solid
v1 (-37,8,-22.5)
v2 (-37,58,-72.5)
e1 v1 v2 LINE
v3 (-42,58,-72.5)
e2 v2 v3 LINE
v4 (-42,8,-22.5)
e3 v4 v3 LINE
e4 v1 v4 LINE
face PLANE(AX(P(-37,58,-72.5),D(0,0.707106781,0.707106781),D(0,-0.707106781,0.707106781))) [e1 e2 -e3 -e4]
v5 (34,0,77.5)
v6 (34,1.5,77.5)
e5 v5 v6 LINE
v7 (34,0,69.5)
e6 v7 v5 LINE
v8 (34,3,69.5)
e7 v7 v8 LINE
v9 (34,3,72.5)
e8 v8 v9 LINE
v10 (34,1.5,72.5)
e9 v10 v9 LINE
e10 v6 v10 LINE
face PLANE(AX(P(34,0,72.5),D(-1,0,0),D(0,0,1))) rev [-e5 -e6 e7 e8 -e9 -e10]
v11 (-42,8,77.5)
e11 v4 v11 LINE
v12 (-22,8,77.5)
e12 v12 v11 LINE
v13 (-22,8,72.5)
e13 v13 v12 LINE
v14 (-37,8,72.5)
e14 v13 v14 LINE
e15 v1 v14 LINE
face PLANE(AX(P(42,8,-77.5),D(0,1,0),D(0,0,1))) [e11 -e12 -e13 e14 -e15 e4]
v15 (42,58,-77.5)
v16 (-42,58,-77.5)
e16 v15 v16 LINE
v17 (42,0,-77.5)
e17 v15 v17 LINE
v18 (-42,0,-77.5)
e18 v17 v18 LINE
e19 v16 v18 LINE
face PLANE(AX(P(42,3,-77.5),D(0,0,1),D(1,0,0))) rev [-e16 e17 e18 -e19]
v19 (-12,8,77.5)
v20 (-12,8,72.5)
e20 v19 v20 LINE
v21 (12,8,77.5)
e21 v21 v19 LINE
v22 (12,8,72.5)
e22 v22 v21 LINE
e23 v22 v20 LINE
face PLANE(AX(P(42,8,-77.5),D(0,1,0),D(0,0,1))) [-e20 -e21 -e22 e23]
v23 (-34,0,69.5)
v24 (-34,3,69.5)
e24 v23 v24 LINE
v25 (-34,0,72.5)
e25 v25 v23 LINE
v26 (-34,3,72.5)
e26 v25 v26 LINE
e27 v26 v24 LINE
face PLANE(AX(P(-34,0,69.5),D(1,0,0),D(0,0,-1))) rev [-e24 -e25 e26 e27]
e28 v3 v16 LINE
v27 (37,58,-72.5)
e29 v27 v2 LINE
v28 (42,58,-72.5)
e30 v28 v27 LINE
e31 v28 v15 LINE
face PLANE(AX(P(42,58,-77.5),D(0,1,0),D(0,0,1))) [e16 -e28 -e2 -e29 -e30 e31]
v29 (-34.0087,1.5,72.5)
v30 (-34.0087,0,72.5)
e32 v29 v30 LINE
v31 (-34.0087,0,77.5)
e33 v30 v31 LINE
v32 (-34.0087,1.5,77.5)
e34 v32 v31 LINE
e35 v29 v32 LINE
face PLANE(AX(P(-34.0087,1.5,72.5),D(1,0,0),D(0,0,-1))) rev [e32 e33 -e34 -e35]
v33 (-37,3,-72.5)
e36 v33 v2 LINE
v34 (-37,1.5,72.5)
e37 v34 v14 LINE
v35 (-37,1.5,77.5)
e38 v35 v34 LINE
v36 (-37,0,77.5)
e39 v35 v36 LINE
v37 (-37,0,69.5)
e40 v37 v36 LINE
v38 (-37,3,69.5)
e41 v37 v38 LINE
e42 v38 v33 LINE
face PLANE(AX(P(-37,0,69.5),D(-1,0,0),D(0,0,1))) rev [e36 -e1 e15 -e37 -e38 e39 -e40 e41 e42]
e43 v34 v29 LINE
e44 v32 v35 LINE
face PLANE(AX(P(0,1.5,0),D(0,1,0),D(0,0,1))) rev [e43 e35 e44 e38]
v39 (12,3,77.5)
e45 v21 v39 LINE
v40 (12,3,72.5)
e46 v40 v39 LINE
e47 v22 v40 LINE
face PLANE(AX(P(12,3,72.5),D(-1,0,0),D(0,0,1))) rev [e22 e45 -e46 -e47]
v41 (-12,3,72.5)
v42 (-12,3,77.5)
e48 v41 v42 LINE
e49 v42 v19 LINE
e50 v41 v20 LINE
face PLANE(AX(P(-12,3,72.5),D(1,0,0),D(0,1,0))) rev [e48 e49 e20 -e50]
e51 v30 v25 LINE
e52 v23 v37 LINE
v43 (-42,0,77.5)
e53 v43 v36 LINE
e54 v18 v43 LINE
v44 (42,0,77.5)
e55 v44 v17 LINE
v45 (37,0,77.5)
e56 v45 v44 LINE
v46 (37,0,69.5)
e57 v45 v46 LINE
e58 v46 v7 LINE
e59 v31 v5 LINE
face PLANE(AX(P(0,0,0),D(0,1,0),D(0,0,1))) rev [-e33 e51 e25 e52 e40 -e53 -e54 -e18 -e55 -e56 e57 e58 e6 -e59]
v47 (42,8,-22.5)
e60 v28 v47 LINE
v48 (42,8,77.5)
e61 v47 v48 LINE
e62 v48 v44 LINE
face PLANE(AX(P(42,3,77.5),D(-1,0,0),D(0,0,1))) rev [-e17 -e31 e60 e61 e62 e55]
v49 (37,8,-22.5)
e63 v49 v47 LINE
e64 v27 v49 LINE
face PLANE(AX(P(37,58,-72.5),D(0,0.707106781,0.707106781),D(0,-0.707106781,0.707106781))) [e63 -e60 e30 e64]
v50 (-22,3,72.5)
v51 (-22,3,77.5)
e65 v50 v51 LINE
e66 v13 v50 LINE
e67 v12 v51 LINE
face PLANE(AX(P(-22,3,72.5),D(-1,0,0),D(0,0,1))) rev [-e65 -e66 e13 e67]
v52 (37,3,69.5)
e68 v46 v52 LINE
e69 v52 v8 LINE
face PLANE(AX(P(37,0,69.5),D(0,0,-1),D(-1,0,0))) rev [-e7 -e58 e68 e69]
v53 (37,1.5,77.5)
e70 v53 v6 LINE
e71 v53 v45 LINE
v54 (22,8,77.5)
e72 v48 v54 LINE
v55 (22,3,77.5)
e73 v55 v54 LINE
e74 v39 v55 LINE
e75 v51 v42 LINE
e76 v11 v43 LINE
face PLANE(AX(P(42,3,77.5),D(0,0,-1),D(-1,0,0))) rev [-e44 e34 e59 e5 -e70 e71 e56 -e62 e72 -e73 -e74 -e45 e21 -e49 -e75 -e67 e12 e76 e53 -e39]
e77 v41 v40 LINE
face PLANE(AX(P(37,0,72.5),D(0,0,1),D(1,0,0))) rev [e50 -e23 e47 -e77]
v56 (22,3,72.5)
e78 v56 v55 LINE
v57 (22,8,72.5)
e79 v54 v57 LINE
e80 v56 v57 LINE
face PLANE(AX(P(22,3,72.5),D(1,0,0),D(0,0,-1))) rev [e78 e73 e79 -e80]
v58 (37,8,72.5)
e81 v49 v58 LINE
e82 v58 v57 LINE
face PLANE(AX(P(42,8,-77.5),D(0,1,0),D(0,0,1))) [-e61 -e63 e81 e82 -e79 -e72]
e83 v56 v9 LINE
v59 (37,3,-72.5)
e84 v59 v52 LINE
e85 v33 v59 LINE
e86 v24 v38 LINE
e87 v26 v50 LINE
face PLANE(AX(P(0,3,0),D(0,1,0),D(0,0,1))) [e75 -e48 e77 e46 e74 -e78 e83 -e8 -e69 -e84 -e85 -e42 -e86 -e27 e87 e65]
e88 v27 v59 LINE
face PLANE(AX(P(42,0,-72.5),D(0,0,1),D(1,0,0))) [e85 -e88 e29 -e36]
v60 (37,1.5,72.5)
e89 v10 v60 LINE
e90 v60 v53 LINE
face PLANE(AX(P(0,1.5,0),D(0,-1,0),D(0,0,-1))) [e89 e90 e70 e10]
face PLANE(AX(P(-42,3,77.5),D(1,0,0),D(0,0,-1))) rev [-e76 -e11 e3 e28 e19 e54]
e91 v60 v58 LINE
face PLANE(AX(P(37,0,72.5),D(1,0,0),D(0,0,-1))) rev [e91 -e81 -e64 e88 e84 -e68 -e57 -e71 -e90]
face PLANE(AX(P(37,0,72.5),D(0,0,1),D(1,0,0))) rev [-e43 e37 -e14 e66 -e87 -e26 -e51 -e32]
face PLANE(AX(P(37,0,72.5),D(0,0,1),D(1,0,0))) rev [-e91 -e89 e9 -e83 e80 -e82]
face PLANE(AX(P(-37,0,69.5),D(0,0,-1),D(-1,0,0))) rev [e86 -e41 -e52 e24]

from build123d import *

# Parameters (mm, degrees)
SKETCH1_W           = 84
SKETCH1_H           = 155
BOSS_EXTRUDE1_DEPTH = 3
SKETCH2_W           = 3
SKETCH2_H           = 3
CUT_EXTRUDE1_DEPTH  = 3
SKETCH3_W           = 5
SKETCH3_H           = 8
BOSS_EXTRUDE2_DEPTH = 155
SKETCH4_W           = 5
SKETCH4_H           = 8
BOSS_EXTRUDE3_DEPTH = 155
SKETCH5_W           = 5
SKETCH5_H           = 58
BOSS_EXTRUDE4_DEPTH = 84
BOSS_EXTRUDE5_DEPTH = 5
BOSS_EXTRUDE6_DEPTH = 5
SKETCH8_W           = 84
SKETCH8_H           = 8
BOSS_EXTRUDE8_DEPTH = 5
SKETCH10_W          = 10
SKETCH10_H          = 7.49718506
CUT_EXTRUDE2_DEPTH  = 5
SKETCH11_W          = 10
SKETCH11_H          = 10.666578164
CUT_EXTRUDE3_DEPTH  = 5
SKETCH12_W          = 2.991300293
SKETCH12_H          = 5
CUT_EXTRUDE4_DEPTH  = 1.5
CUT_EXTRUDE5_DEPTH  = 1.5


with BuildPart() as part:
    # Sketch1 → Boss-Extrude1 (new body)
    with BuildSketch(Plane(origin=(0, 0, 0), x_dir=(1, 0, 0), z_dir=(0, 1, 0))):
        Rectangle(SKETCH1_W, SKETCH1_H)
    extrude(amount=BOSS_EXTRUDE1_DEPTH)

    # Sketch2 → Cut-Extrude1 (cut)
    with BuildSketch(Plane(origin=(0, 3, 0), x_dir=(1, 0, 0), z_dir=(0, 1, 0))):
        with Locations((35.5, -71)):
            Rectangle(SKETCH2_W, SKETCH2_H)
        with Locations((-35.5, -71)):
            Rectangle(SKETCH2_W, SKETCH2_H)
    extrude(amount=-CUT_EXTRUDE1_DEPTH, mode=Mode.SUBTRACT)

    # Sketch3 → Boss-Extrude2 (add)
    with BuildSketch(Plane.XY.offset(77.5)):
        with Locations((39.5, 4)):
            Rectangle(SKETCH3_W, SKETCH3_H)
    extrude(amount=-BOSS_EXTRUDE2_DEPTH)

    # Sketch4 → Boss-Extrude3 (add)
    with BuildSketch(Plane.XY.offset(77.5)):
        with Locations((-39.5, 4)):
            Rectangle(SKETCH4_W, SKETCH4_H)
    extrude(amount=-BOSS_EXTRUDE3_DEPTH)

    # Sketch5 → Boss-Extrude4 (add)
    with BuildSketch(Plane.ZY.offset(42)):
        with Locations((-75, 29)):
            Rectangle(SKETCH5_W, SKETCH5_H)
    extrude(amount=-BOSS_EXTRUDE4_DEPTH)

    # Sketch6 → Boss-Extrude5 (add)
    with BuildSketch(Plane.ZY.offset(42)):
        Polygon((-72.5, 58), (-22.5, 8), (-74.300026141, 4.41684906), (-74.300026141, 56.199973859), align=None)
    extrude(amount=-BOSS_EXTRUDE5_DEPTH)

    # Sketch7 → Boss-Extrude6 (add)
    with BuildSketch(Plane(origin=(42, 0, 0), x_dir=(0, 0, -1), z_dir=(1, 0, 0))):
        Polygon((72.5, 58), (19.108860597, 4.608860597), (75.247556584, 4.608860597), (75.247556584, 53.916409465), align=None)
    extrude(amount=-BOSS_EXTRUDE6_DEPTH)

    # Sketch8 → Boss-Extrude8 (add)
    with BuildSketch(Plane.XY.offset(77.5)):
        with Locations((0, 4)):
            Rectangle(SKETCH8_W, SKETCH8_H)
    extrude(amount=-BOSS_EXTRUDE8_DEPTH)

    # Sketch10 → Cut-Extrude2 (cut)
    with BuildSketch(Plane.XY.offset(77.5)):
        with Locations((-17, 6.74859253)):
            Rectangle(SKETCH10_W, SKETCH10_H)
    extrude(amount=-CUT_EXTRUDE2_DEPTH, mode=Mode.SUBTRACT)

    # Sketch11 → Cut-Extrude3 (cut)
    with BuildSketch(Plane.XY.offset(77.5)):
        with Locations((17, 8.333289082)):
            Rectangle(SKETCH11_W, SKETCH11_H)
    extrude(amount=-CUT_EXTRUDE3_DEPTH, mode=Mode.SUBTRACT)

    # Sketch12 → Cut-Extrude4 (cut)
    with BuildSketch(Plane(origin=(0, 0, 0), x_dir=(-1, 0, 0), z_dir=(0, -1, 0))):
        with Locations((35.504349854, -75)):
            Rectangle(SKETCH12_W, SKETCH12_H)
    extrude(amount=-CUT_EXTRUDE4_DEPTH, mode=Mode.SUBTRACT)

    # Sketch13 → Cut-Extrude5 (cut)
    with BuildSketch(Plane(origin=(0, 0, 0), x_dir=(-1, 0, 0), z_dir=(0, -1, 0))):
        Polygon((-34, -72.5), (-34, -80.193887821), (-37, -80.075389367), (-37, -72.5), align=None)
    extrude(amount=-CUT_EXTRUDE5_DEPTH, mode=Mode.SUBTRACT)


solid = part.part
